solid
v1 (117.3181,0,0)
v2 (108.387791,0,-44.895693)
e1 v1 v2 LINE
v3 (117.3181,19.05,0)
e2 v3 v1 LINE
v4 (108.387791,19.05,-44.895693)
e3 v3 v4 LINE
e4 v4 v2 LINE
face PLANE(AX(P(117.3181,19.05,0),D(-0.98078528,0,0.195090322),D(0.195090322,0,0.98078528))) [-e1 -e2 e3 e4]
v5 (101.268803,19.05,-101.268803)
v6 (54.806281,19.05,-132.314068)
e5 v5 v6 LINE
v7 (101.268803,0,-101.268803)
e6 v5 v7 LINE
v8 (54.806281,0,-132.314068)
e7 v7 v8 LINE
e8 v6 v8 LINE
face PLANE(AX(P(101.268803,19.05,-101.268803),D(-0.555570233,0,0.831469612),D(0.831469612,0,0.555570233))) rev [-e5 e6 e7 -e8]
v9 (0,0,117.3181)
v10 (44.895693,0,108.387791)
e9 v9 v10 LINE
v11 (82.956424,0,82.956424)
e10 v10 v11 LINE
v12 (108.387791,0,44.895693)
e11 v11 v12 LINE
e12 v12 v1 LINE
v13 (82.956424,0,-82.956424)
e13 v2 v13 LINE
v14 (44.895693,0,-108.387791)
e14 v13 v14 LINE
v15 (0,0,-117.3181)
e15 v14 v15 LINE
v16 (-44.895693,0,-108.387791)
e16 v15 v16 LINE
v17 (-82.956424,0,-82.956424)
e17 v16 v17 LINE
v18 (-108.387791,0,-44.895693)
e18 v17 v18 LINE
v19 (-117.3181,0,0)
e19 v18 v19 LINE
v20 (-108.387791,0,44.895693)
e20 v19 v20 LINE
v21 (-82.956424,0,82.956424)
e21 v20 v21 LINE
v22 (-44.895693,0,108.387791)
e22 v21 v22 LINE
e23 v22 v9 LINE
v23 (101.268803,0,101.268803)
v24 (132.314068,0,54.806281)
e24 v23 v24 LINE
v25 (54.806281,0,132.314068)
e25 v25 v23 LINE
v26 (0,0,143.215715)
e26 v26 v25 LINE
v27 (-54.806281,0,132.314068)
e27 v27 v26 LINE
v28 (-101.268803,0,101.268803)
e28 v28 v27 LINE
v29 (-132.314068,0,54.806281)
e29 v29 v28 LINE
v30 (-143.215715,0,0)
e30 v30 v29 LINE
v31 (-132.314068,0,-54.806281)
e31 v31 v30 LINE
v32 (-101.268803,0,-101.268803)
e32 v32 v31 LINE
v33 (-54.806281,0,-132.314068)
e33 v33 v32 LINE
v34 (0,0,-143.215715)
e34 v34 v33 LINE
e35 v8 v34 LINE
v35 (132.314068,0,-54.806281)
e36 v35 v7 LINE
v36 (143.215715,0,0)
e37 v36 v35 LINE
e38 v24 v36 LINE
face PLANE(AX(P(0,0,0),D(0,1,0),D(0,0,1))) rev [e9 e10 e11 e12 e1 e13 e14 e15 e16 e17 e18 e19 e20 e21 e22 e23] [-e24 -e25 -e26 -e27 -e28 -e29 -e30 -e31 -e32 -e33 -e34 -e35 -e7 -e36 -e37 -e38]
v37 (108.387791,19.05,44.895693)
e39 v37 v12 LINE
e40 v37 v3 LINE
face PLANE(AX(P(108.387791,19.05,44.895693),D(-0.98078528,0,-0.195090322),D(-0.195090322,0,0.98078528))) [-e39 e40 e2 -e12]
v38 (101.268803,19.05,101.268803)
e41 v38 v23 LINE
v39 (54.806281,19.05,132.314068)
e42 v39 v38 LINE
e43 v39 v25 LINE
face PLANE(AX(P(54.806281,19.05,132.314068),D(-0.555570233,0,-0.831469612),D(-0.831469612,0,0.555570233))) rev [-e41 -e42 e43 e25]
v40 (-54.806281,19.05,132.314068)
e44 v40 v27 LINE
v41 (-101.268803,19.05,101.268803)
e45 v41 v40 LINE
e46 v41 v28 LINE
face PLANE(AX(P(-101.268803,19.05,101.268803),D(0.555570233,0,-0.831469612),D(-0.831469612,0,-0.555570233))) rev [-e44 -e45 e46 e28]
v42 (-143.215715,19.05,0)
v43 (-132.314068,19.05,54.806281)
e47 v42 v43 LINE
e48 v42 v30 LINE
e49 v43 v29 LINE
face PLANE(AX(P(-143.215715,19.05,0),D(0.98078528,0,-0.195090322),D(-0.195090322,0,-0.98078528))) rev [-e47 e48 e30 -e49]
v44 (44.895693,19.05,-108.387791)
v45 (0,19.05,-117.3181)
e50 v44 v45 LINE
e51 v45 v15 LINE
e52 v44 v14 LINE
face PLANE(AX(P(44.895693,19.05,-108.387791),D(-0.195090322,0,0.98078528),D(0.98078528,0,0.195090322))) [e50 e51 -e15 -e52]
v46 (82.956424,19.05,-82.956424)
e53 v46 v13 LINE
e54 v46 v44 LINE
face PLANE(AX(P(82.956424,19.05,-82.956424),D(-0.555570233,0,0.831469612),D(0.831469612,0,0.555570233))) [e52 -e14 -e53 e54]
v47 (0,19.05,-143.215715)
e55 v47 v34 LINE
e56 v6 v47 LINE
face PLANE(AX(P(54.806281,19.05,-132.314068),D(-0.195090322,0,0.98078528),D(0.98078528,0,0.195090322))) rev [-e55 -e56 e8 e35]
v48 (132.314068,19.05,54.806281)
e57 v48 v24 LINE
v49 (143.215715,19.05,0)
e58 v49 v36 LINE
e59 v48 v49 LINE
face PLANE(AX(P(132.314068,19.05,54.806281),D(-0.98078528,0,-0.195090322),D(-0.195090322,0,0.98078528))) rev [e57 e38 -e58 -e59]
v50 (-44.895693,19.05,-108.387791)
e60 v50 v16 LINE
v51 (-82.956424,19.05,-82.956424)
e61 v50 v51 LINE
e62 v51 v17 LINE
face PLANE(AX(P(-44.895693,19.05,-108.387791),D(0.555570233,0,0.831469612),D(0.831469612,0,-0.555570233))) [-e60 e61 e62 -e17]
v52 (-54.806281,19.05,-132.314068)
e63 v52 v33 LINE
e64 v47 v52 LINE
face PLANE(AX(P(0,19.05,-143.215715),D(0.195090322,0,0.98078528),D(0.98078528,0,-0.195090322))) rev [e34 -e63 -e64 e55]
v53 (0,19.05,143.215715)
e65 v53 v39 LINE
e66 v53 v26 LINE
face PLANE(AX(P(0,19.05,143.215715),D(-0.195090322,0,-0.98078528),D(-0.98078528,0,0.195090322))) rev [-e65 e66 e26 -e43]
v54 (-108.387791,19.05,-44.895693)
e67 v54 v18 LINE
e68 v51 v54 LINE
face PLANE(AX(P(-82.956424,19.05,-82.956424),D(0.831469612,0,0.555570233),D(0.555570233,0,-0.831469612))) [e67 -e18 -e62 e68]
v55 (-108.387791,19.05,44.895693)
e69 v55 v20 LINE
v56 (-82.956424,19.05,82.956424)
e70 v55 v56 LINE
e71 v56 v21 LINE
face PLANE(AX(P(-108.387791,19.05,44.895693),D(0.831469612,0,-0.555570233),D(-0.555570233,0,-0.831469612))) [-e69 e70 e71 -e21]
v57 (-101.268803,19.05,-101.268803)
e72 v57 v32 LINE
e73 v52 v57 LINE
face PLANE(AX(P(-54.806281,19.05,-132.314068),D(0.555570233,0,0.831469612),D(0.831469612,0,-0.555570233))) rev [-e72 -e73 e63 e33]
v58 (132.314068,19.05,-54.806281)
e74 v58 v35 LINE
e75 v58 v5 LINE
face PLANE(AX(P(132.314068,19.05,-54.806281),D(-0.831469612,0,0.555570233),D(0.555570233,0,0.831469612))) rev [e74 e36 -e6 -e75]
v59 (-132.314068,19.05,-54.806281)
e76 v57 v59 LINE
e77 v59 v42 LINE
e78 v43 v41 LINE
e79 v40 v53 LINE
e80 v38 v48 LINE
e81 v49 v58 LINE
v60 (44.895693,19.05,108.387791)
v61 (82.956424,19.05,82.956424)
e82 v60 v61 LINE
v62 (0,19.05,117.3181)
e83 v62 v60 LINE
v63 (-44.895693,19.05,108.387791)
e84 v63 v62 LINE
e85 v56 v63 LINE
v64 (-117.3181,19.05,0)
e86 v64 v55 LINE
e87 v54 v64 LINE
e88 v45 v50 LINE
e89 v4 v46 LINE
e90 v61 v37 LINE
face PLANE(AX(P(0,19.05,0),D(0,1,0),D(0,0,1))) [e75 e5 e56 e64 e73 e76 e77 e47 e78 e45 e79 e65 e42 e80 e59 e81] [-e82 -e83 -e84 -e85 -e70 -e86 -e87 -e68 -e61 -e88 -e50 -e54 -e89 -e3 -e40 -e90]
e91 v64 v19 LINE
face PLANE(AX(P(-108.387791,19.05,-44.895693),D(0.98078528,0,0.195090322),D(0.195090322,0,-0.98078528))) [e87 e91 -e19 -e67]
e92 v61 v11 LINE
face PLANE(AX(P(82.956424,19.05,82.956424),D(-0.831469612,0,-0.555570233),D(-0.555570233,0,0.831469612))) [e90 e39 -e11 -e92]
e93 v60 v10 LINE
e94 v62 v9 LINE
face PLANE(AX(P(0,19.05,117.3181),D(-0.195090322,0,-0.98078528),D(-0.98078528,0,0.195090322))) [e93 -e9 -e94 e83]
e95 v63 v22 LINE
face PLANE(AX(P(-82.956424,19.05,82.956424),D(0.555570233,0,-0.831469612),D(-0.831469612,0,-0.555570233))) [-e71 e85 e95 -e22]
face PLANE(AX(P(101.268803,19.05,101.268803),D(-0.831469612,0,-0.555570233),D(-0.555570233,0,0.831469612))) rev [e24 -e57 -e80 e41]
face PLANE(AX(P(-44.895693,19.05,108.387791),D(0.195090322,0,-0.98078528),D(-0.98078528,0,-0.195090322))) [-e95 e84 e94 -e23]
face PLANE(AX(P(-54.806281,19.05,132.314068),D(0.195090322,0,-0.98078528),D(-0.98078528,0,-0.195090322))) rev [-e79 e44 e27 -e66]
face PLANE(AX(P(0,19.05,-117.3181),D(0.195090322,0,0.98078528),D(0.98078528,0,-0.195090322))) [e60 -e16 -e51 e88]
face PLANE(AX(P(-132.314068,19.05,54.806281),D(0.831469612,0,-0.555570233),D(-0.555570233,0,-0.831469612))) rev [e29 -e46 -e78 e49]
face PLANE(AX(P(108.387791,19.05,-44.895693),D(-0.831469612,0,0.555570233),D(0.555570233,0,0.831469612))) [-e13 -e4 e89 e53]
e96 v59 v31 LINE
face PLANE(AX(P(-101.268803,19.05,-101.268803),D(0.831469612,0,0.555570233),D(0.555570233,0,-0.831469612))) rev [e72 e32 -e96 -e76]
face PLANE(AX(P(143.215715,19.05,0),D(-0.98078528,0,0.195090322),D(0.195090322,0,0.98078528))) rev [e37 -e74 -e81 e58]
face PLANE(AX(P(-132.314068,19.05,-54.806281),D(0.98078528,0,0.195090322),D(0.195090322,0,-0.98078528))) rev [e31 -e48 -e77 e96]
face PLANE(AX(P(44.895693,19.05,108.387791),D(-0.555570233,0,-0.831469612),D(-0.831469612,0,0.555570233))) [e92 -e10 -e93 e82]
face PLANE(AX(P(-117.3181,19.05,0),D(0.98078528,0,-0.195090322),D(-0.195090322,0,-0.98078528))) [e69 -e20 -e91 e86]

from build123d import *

# Parameters (mm, degrees)
BOSS_EXTRUDE1_DEPTH = 19.05


with BuildPart() as part:
    # Sketch1 → Boss-Extrude1 (new body)
    with BuildSketch(Plane(origin=(0, 0, 0), x_dir=(1, 0, 0), z_dir=(0, 1, 0))):
        Polygon((143.21571522, 0), (132.314068026, 54.806281469), (101.268803404, 101.268803404), (54.806281469, 132.314068026), (0, 143.21571522), (-54.806281469, 132.314068026), (-101.268803404, 101.268803404), (-132.314068026, 54.806281469), (-143.21571522, 0), (-132.314068026, -54.806281469), (-101.268803404, -101.268803404), (-54.806281469, -132.314068026), (0, -143.21571522), (54.806281469, -132.314068026), (101.268803404, -101.268803404), (132.314068026, -54.806281469), align=None)
        Polygon((117.318099801, 0), (108.3877912, 44.895693111), (82.956423925, 82.956423925), (44.895693111, 108.3877912), (0, 117.318099801), (-44.895693111, 108.3877912), (-82.956423925, 82.956423925), (-108.3877912, 44.895693111), (-117.318099801, 0), (-108.3877912, -44.895693111), (-82.956423925, -82.956423925), (-44.895693111, -108.3877912), (0, -117.318099801), (44.895693111, -108.3877912), (82.956423925, -82.956423925), (108.3877912, -44.895693111), align=None, mode=Mode.SUBTRACT)
    extrude(amount=BOSS_EXTRUDE1_DEPTH)


solid = part.part
